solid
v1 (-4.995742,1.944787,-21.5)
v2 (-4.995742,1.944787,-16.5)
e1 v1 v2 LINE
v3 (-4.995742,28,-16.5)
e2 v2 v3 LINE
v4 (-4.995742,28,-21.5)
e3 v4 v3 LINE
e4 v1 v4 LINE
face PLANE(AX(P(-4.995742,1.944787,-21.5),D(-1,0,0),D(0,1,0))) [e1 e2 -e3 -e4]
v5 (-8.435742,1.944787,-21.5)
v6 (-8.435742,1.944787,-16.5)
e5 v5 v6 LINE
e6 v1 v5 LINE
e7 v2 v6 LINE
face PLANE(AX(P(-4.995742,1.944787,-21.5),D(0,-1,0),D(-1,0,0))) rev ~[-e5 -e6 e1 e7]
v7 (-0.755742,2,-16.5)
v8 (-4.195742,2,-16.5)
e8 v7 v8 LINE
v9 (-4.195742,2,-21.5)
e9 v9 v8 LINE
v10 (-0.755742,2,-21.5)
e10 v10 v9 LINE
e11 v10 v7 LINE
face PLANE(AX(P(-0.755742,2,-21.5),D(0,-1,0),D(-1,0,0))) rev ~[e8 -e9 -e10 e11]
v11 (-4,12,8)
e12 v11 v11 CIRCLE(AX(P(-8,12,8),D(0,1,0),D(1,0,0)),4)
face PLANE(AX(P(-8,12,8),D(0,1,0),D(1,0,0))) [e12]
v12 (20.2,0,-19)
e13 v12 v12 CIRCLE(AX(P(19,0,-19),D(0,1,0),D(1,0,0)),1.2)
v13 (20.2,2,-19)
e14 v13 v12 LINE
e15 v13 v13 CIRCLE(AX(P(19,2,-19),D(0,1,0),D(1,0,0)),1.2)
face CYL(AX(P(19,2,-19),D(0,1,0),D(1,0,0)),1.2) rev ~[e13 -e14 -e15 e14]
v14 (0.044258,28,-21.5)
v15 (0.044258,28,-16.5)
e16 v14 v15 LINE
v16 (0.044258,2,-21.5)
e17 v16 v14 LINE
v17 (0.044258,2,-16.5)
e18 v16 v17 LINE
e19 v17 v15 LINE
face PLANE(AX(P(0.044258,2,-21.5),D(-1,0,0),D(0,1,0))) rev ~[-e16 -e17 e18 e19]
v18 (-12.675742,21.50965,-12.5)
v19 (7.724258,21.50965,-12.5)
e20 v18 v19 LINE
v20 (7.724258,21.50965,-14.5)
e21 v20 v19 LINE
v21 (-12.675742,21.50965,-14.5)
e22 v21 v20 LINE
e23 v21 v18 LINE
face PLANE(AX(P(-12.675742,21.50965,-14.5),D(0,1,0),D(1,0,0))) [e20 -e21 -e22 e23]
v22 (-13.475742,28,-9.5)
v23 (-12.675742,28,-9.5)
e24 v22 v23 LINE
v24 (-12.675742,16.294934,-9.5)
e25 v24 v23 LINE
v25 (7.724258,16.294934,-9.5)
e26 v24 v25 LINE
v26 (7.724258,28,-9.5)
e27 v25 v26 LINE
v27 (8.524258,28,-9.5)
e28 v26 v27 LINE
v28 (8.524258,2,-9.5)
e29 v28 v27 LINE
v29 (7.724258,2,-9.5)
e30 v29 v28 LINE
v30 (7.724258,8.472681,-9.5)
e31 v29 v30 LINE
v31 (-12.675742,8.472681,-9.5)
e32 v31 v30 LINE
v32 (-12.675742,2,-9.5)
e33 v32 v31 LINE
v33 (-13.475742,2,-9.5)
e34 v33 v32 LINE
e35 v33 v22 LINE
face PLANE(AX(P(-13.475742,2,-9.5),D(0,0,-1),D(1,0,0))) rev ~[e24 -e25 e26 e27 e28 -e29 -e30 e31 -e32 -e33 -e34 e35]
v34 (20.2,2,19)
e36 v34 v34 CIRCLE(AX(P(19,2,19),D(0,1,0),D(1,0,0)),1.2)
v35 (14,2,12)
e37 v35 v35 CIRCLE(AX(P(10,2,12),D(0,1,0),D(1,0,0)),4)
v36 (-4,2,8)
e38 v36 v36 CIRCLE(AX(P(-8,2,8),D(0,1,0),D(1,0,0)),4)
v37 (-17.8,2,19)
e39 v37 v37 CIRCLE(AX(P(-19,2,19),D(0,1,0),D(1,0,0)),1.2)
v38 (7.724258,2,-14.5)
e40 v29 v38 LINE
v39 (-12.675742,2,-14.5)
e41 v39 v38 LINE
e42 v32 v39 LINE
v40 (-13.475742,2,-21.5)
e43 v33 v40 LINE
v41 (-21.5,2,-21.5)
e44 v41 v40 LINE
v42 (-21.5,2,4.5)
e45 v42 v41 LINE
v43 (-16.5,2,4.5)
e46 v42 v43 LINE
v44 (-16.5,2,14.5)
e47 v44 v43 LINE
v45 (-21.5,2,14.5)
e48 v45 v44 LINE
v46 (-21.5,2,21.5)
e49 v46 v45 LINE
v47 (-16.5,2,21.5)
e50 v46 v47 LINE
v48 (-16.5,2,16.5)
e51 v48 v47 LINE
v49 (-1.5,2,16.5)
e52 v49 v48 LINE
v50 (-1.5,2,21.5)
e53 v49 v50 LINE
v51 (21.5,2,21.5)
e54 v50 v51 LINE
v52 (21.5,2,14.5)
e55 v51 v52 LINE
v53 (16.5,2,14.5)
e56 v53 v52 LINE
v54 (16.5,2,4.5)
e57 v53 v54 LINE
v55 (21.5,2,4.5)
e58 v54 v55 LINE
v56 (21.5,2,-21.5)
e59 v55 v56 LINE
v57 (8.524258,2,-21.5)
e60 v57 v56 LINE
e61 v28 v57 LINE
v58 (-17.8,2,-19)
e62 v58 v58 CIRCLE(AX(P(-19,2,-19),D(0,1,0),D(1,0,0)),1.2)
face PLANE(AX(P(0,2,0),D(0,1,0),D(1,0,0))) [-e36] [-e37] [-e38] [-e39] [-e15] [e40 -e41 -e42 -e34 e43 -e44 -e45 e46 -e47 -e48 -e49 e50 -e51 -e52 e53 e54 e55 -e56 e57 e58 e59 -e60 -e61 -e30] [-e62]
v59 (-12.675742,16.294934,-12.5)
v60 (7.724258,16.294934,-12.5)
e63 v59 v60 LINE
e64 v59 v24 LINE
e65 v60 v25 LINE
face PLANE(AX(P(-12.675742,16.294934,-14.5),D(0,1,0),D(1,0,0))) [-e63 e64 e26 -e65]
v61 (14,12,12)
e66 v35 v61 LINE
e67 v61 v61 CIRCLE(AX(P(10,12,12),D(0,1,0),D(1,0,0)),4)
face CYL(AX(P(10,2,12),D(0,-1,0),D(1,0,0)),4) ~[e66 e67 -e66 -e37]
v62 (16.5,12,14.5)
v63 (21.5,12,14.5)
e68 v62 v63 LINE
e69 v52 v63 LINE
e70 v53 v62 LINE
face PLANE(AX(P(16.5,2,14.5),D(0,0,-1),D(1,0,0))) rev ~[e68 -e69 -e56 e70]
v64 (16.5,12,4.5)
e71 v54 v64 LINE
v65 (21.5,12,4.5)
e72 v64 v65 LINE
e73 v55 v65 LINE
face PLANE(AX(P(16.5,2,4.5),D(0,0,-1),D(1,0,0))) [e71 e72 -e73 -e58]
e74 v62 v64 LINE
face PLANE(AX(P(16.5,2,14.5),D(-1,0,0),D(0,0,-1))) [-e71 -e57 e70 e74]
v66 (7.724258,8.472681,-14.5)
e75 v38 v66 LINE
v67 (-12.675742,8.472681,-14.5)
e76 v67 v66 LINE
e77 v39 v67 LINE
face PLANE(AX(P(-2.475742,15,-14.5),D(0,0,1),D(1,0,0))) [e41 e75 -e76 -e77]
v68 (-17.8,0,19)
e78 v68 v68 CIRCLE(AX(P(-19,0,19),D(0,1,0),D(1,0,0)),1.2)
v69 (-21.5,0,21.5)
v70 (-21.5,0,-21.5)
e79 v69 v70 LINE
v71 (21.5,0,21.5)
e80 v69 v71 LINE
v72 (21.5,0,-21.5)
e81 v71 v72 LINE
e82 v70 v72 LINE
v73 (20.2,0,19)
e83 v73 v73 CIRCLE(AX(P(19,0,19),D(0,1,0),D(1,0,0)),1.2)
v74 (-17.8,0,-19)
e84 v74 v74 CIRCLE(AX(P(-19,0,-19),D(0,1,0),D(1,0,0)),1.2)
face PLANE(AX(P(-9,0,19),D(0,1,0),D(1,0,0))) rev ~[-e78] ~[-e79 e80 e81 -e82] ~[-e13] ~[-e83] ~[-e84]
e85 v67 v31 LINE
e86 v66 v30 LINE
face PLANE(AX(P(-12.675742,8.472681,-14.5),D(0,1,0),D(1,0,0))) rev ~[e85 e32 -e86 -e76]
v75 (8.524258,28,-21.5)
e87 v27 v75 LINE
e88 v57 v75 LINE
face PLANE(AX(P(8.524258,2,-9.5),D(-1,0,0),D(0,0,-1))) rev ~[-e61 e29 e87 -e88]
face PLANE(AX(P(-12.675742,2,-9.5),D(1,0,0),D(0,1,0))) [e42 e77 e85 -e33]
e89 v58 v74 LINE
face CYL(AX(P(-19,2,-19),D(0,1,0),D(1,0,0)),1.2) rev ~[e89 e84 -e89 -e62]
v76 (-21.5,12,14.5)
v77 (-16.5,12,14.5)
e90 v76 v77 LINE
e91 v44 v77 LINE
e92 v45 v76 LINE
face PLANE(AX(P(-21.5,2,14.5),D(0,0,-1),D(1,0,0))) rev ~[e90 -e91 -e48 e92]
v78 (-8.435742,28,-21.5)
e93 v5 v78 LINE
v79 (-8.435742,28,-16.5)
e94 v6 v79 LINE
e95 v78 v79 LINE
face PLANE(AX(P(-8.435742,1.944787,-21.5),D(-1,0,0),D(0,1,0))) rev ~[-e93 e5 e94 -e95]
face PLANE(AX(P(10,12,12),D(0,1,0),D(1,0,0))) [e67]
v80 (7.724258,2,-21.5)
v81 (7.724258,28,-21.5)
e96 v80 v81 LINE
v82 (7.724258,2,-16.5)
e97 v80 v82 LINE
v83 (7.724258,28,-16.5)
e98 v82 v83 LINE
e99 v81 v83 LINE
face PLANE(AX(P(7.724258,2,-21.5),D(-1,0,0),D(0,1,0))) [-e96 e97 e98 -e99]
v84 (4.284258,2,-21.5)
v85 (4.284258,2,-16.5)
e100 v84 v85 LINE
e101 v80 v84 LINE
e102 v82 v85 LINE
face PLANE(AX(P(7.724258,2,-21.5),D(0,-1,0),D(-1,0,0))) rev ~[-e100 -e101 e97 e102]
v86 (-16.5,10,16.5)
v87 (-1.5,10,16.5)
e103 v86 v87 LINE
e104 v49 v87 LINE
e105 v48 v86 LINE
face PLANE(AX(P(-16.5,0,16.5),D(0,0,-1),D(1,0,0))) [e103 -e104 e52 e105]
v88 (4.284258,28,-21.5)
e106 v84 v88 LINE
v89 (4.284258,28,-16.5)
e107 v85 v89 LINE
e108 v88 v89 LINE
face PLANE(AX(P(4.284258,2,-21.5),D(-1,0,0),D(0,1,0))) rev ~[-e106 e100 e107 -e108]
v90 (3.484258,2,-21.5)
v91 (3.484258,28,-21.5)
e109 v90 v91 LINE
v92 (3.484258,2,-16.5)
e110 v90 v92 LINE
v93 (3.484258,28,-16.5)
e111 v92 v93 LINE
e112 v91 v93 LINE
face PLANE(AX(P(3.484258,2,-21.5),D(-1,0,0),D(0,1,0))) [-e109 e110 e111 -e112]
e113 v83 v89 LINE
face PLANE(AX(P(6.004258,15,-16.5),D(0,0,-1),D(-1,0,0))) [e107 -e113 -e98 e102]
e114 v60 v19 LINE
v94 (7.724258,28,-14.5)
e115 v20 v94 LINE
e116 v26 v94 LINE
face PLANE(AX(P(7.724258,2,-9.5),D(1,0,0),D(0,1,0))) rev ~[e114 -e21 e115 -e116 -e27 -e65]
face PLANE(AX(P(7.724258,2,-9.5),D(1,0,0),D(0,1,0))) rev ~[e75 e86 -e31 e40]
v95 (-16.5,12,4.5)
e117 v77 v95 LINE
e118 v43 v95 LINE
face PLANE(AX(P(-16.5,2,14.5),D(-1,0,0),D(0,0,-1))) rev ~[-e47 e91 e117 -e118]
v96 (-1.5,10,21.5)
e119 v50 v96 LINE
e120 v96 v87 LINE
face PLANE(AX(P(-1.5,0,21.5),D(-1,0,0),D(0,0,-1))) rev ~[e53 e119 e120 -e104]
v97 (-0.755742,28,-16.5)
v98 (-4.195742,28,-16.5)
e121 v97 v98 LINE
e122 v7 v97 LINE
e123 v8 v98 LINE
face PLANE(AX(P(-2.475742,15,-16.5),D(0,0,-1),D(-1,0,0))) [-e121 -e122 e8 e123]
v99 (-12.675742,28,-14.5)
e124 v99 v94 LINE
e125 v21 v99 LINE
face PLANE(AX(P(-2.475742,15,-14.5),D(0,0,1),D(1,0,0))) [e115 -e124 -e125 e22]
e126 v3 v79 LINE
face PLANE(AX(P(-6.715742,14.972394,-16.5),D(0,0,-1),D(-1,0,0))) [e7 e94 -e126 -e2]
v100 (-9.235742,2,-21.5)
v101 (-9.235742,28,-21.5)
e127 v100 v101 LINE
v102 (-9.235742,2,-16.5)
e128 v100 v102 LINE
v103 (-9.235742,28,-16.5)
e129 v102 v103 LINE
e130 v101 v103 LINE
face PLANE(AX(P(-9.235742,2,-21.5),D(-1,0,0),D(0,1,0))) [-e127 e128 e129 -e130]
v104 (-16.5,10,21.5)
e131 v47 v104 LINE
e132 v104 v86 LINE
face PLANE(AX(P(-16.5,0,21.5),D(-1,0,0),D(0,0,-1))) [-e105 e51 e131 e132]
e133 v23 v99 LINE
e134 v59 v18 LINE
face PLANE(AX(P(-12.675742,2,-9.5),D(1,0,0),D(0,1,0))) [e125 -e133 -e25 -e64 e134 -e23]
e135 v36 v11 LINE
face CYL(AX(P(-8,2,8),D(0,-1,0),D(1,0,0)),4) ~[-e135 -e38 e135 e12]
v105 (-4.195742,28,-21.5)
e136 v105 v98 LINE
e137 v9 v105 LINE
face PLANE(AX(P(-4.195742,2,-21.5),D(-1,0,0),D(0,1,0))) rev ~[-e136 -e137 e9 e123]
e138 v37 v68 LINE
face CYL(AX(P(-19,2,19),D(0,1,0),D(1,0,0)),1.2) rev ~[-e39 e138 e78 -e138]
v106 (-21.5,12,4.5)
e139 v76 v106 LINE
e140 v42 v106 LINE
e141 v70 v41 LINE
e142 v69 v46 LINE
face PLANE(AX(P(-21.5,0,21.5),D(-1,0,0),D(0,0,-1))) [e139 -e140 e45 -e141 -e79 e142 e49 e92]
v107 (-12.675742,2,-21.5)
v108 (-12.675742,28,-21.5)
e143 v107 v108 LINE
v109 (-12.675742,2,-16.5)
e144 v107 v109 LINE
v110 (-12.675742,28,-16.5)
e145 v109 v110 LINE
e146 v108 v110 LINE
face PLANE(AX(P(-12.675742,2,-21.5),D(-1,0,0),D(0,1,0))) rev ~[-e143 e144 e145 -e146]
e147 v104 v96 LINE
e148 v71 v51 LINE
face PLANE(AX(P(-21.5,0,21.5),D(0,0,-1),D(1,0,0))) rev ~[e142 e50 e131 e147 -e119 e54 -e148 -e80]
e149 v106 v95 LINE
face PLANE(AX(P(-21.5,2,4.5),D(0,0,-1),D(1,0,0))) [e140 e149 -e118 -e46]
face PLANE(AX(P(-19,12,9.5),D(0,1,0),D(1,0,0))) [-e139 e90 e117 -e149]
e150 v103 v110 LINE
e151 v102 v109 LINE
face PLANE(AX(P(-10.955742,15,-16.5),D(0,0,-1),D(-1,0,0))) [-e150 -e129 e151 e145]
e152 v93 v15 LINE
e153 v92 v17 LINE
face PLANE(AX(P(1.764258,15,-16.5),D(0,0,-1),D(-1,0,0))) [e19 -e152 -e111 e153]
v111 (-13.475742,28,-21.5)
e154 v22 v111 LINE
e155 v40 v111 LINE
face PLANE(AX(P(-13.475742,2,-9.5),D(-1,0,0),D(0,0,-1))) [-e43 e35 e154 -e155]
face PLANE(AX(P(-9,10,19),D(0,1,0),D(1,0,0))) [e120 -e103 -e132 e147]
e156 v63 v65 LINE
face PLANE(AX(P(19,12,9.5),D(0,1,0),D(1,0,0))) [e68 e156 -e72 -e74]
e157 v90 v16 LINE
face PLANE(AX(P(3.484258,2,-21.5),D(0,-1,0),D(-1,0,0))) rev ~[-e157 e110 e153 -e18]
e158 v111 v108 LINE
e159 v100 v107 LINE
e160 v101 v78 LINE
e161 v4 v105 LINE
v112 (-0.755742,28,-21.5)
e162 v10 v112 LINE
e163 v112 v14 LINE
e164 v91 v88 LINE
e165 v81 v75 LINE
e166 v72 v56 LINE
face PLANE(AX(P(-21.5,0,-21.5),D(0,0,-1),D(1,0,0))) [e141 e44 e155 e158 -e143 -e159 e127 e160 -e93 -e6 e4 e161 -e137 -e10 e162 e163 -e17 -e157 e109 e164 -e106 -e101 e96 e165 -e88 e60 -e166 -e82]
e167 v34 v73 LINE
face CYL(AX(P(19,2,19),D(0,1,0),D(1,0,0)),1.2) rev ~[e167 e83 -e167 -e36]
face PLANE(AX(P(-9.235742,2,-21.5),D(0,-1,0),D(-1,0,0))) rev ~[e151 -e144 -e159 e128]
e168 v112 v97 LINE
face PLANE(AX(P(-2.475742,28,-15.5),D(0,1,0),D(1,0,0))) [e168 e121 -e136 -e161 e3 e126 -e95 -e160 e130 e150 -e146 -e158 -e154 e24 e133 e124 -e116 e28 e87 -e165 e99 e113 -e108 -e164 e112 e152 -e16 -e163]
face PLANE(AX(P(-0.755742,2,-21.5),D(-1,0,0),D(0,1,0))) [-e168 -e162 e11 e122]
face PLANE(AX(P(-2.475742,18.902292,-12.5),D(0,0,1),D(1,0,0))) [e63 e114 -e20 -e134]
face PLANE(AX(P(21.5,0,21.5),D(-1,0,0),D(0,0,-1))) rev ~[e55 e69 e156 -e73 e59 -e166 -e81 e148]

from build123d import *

# Parameters (mm, degrees)
SKETCH_1_W          = 43
SKETCH_1_H          = 43
EXTRUDE_1_DEPTH     = 2
SKETCH_2_W          = 15
SKETCH_2_H          = 5
EXTRUDE_2_DEPTH     = 10
SKETCH_3_W          = 5
SKETCH_3_H          = 10
EXTRUDE_3_DEPTH     = 10
SKETCH_4_W          = 5
SKETCH_4_H          = 10
EXTRUDE_4_DEPTH     = 10
SKETCH_5_R          = 4
EXTRUDE_5_DEPTH     = 10
SKETCH_6_R          = 4
EXTRUDE_6_DEPTH     = 10
SKETCH_7_W          = 22
SKETCH_7_H          = 12
EXTRUDE_7_DEPTH     = 26
SKETCH_8_W          = 3.44
SKETCH_8_H          = 26
SKETCH_8_H_2        = 26.05521278
CUT_EXTRUDE_1_DEPTH = 5
SKETCH_11_W         = 20.4
SKETCH_11_H         = 26
CUT_EXTRUDE_2_DEPTH = 5
SKETCH_12_W         = 20.4
SKETCH_12_H         = 7.82225214
EXTRUDE_8_DEPTH     = 5
SKETCH_13_W         = 20.4
SKETCH_13_H         = 5.214716639
EXTRUDE_9_DEPTH     = 2
SKETCH_14_R         = 1.2
CUT_EXTRUDE_3_DEPTH = 2


with BuildPart() as part:
    # 草图1 → 凸台-拉伸1 (new body)
    with BuildSketch(Plane(origin=(0, 0, 0), x_dir=(1, 0, 0), z_dir=(0, 1, 0))):
        Rectangle(SKETCH_1_W, SKETCH_1_H)
    extrude(amount=EXTRUDE_1_DEPTH)

    # 草图2 → 凸台-拉伸2 (add)
    with BuildSketch(Plane(origin=(0, 0, 0), x_dir=(1, 0, 0), z_dir=(0, 1, 0))):
        with Locations((-9, -19)):
            Rectangle(SKETCH_2_W, SKETCH_2_H)
    extrude(amount=EXTRUDE_2_DEPTH)

    # 草图3 → 凸台-拉伸3 (add)
    with BuildSketch(Plane(origin=(0, 2, 0), x_dir=(1, 0, 0), z_dir=(0, 1, 0))):
        with Locations((-19, -9.5)):
            Rectangle(SKETCH_3_W, SKETCH_3_H)
    extrude(amount=EXTRUDE_3_DEPTH)

    # 草图4 → 凸台-拉伸4 (add)
    with BuildSketch(Plane(origin=(0, 2, 0), x_dir=(1, 0, 0), z_dir=(0, 1, 0))):
        with Locations((19, -9.5)):
            Rectangle(SKETCH_4_W, SKETCH_4_H)
    extrude(amount=EXTRUDE_4_DEPTH)

    # 草图5 → 凸台-拉伸5 (add)
    with BuildSketch(Plane(origin=(0, 2, 0), x_dir=(1, 0, 0), z_dir=(0, 1, 0))):
        with Locations((-8, -8)):
            Circle(SKETCH_5_R)
    extrude(amount=EXTRUDE_5_DEPTH)

    # 草图6 → 凸台-拉伸6 (add)
    with BuildSketch(Plane(origin=(0, 2, 0), x_dir=(1, 0, 0), z_dir=(0, 1, 0))):
        with Locations((10, -12)):
            Circle(SKETCH_6_R)
    extrude(amount=EXTRUDE_6_DEPTH)

    # 草图7 → 凸台-拉伸7 (add)
    with BuildSketch(Plane(origin=(0, 2, 0), x_dir=(1, 0, 0), z_dir=(0, 1, 0))):
        with Locations((-2.475742283, 15.5)):
            Rectangle(SKETCH_7_W, SKETCH_7_H)
    extrude(amount=EXTRUDE_7_DEPTH)

    # 草图8 → 切除-拉伸1 (cut)
    with BuildSketch(Plane(origin=(0, 0, -21.5), x_dir=(-1, 0, 0), z_dir=(0, 0, -1))):
        with Locations((10.955742283, 15)):
            Rectangle(SKETCH_8_W, SKETCH_8_H)
        with Locations((6.715742283, 14.97239361)):
            Rectangle(SKETCH_8_W, SKETCH_8_H_2)
        with Locations((2.475742283, 15)):
            Rectangle(SKETCH_8_W, SKETCH_8_H)
        with Locations((-1.764257717, 15)):
            Rectangle(SKETCH_8_W, SKETCH_8_H)
        with Locations((-6.004257717, 15)):
            Rectangle(SKETCH_8_W, SKETCH_8_H)
    extrude(amount=-CUT_EXTRUDE_1_DEPTH, mode=Mode.SUBTRACT)

    # 草图11 → 切除-拉伸2 (cut)
    with BuildSketch(Plane.XY.offset(-9.5)):
        with Locations((-2.475742283, 15)):
            Rectangle(SKETCH_11_W, SKETCH_11_H)
    extrude(amount=-CUT_EXTRUDE_2_DEPTH, mode=Mode.SUBTRACT)

    # 草图12 → 凸台-拉伸8 (add)
    with BuildSketch(Plane.XY.offset(-14.5)):
        with Locations((-2.475742283, 12.38380745)):
            Rectangle(SKETCH_12_W, SKETCH_12_H)
    extrude(amount=EXTRUDE_8_DEPTH)

    # 草图13 → 凸台-拉伸9 (add)
    with BuildSketch(Plane.XY.offset(-14.5)):
        with Locations((-2.475742283, 18.90229184)):
            Rectangle(SKETCH_13_W, SKETCH_13_H)
    extrude(amount=EXTRUDE_9_DEPTH)

    # 草图14 → 切除-拉伸3 (cut)
    with BuildSketch(Plane(origin=(0, 2, 0), x_dir=(1, 0, 0), z_dir=(0, 1, 0))):
        with Locations((-19, 19)):
            Circle(SKETCH_14_R)
        with Locations((19, 19)):
            Circle(SKETCH_14_R)
        with Locations((-19, -19)):
            Circle(SKETCH_14_R)
        with Locations((19, -19)):
            Circle(SKETCH_14_R)
    extrude(amount=-CUT_EXTRUDE_3_DEPTH, mode=Mode.SUBTRACT)


solid = part.part
